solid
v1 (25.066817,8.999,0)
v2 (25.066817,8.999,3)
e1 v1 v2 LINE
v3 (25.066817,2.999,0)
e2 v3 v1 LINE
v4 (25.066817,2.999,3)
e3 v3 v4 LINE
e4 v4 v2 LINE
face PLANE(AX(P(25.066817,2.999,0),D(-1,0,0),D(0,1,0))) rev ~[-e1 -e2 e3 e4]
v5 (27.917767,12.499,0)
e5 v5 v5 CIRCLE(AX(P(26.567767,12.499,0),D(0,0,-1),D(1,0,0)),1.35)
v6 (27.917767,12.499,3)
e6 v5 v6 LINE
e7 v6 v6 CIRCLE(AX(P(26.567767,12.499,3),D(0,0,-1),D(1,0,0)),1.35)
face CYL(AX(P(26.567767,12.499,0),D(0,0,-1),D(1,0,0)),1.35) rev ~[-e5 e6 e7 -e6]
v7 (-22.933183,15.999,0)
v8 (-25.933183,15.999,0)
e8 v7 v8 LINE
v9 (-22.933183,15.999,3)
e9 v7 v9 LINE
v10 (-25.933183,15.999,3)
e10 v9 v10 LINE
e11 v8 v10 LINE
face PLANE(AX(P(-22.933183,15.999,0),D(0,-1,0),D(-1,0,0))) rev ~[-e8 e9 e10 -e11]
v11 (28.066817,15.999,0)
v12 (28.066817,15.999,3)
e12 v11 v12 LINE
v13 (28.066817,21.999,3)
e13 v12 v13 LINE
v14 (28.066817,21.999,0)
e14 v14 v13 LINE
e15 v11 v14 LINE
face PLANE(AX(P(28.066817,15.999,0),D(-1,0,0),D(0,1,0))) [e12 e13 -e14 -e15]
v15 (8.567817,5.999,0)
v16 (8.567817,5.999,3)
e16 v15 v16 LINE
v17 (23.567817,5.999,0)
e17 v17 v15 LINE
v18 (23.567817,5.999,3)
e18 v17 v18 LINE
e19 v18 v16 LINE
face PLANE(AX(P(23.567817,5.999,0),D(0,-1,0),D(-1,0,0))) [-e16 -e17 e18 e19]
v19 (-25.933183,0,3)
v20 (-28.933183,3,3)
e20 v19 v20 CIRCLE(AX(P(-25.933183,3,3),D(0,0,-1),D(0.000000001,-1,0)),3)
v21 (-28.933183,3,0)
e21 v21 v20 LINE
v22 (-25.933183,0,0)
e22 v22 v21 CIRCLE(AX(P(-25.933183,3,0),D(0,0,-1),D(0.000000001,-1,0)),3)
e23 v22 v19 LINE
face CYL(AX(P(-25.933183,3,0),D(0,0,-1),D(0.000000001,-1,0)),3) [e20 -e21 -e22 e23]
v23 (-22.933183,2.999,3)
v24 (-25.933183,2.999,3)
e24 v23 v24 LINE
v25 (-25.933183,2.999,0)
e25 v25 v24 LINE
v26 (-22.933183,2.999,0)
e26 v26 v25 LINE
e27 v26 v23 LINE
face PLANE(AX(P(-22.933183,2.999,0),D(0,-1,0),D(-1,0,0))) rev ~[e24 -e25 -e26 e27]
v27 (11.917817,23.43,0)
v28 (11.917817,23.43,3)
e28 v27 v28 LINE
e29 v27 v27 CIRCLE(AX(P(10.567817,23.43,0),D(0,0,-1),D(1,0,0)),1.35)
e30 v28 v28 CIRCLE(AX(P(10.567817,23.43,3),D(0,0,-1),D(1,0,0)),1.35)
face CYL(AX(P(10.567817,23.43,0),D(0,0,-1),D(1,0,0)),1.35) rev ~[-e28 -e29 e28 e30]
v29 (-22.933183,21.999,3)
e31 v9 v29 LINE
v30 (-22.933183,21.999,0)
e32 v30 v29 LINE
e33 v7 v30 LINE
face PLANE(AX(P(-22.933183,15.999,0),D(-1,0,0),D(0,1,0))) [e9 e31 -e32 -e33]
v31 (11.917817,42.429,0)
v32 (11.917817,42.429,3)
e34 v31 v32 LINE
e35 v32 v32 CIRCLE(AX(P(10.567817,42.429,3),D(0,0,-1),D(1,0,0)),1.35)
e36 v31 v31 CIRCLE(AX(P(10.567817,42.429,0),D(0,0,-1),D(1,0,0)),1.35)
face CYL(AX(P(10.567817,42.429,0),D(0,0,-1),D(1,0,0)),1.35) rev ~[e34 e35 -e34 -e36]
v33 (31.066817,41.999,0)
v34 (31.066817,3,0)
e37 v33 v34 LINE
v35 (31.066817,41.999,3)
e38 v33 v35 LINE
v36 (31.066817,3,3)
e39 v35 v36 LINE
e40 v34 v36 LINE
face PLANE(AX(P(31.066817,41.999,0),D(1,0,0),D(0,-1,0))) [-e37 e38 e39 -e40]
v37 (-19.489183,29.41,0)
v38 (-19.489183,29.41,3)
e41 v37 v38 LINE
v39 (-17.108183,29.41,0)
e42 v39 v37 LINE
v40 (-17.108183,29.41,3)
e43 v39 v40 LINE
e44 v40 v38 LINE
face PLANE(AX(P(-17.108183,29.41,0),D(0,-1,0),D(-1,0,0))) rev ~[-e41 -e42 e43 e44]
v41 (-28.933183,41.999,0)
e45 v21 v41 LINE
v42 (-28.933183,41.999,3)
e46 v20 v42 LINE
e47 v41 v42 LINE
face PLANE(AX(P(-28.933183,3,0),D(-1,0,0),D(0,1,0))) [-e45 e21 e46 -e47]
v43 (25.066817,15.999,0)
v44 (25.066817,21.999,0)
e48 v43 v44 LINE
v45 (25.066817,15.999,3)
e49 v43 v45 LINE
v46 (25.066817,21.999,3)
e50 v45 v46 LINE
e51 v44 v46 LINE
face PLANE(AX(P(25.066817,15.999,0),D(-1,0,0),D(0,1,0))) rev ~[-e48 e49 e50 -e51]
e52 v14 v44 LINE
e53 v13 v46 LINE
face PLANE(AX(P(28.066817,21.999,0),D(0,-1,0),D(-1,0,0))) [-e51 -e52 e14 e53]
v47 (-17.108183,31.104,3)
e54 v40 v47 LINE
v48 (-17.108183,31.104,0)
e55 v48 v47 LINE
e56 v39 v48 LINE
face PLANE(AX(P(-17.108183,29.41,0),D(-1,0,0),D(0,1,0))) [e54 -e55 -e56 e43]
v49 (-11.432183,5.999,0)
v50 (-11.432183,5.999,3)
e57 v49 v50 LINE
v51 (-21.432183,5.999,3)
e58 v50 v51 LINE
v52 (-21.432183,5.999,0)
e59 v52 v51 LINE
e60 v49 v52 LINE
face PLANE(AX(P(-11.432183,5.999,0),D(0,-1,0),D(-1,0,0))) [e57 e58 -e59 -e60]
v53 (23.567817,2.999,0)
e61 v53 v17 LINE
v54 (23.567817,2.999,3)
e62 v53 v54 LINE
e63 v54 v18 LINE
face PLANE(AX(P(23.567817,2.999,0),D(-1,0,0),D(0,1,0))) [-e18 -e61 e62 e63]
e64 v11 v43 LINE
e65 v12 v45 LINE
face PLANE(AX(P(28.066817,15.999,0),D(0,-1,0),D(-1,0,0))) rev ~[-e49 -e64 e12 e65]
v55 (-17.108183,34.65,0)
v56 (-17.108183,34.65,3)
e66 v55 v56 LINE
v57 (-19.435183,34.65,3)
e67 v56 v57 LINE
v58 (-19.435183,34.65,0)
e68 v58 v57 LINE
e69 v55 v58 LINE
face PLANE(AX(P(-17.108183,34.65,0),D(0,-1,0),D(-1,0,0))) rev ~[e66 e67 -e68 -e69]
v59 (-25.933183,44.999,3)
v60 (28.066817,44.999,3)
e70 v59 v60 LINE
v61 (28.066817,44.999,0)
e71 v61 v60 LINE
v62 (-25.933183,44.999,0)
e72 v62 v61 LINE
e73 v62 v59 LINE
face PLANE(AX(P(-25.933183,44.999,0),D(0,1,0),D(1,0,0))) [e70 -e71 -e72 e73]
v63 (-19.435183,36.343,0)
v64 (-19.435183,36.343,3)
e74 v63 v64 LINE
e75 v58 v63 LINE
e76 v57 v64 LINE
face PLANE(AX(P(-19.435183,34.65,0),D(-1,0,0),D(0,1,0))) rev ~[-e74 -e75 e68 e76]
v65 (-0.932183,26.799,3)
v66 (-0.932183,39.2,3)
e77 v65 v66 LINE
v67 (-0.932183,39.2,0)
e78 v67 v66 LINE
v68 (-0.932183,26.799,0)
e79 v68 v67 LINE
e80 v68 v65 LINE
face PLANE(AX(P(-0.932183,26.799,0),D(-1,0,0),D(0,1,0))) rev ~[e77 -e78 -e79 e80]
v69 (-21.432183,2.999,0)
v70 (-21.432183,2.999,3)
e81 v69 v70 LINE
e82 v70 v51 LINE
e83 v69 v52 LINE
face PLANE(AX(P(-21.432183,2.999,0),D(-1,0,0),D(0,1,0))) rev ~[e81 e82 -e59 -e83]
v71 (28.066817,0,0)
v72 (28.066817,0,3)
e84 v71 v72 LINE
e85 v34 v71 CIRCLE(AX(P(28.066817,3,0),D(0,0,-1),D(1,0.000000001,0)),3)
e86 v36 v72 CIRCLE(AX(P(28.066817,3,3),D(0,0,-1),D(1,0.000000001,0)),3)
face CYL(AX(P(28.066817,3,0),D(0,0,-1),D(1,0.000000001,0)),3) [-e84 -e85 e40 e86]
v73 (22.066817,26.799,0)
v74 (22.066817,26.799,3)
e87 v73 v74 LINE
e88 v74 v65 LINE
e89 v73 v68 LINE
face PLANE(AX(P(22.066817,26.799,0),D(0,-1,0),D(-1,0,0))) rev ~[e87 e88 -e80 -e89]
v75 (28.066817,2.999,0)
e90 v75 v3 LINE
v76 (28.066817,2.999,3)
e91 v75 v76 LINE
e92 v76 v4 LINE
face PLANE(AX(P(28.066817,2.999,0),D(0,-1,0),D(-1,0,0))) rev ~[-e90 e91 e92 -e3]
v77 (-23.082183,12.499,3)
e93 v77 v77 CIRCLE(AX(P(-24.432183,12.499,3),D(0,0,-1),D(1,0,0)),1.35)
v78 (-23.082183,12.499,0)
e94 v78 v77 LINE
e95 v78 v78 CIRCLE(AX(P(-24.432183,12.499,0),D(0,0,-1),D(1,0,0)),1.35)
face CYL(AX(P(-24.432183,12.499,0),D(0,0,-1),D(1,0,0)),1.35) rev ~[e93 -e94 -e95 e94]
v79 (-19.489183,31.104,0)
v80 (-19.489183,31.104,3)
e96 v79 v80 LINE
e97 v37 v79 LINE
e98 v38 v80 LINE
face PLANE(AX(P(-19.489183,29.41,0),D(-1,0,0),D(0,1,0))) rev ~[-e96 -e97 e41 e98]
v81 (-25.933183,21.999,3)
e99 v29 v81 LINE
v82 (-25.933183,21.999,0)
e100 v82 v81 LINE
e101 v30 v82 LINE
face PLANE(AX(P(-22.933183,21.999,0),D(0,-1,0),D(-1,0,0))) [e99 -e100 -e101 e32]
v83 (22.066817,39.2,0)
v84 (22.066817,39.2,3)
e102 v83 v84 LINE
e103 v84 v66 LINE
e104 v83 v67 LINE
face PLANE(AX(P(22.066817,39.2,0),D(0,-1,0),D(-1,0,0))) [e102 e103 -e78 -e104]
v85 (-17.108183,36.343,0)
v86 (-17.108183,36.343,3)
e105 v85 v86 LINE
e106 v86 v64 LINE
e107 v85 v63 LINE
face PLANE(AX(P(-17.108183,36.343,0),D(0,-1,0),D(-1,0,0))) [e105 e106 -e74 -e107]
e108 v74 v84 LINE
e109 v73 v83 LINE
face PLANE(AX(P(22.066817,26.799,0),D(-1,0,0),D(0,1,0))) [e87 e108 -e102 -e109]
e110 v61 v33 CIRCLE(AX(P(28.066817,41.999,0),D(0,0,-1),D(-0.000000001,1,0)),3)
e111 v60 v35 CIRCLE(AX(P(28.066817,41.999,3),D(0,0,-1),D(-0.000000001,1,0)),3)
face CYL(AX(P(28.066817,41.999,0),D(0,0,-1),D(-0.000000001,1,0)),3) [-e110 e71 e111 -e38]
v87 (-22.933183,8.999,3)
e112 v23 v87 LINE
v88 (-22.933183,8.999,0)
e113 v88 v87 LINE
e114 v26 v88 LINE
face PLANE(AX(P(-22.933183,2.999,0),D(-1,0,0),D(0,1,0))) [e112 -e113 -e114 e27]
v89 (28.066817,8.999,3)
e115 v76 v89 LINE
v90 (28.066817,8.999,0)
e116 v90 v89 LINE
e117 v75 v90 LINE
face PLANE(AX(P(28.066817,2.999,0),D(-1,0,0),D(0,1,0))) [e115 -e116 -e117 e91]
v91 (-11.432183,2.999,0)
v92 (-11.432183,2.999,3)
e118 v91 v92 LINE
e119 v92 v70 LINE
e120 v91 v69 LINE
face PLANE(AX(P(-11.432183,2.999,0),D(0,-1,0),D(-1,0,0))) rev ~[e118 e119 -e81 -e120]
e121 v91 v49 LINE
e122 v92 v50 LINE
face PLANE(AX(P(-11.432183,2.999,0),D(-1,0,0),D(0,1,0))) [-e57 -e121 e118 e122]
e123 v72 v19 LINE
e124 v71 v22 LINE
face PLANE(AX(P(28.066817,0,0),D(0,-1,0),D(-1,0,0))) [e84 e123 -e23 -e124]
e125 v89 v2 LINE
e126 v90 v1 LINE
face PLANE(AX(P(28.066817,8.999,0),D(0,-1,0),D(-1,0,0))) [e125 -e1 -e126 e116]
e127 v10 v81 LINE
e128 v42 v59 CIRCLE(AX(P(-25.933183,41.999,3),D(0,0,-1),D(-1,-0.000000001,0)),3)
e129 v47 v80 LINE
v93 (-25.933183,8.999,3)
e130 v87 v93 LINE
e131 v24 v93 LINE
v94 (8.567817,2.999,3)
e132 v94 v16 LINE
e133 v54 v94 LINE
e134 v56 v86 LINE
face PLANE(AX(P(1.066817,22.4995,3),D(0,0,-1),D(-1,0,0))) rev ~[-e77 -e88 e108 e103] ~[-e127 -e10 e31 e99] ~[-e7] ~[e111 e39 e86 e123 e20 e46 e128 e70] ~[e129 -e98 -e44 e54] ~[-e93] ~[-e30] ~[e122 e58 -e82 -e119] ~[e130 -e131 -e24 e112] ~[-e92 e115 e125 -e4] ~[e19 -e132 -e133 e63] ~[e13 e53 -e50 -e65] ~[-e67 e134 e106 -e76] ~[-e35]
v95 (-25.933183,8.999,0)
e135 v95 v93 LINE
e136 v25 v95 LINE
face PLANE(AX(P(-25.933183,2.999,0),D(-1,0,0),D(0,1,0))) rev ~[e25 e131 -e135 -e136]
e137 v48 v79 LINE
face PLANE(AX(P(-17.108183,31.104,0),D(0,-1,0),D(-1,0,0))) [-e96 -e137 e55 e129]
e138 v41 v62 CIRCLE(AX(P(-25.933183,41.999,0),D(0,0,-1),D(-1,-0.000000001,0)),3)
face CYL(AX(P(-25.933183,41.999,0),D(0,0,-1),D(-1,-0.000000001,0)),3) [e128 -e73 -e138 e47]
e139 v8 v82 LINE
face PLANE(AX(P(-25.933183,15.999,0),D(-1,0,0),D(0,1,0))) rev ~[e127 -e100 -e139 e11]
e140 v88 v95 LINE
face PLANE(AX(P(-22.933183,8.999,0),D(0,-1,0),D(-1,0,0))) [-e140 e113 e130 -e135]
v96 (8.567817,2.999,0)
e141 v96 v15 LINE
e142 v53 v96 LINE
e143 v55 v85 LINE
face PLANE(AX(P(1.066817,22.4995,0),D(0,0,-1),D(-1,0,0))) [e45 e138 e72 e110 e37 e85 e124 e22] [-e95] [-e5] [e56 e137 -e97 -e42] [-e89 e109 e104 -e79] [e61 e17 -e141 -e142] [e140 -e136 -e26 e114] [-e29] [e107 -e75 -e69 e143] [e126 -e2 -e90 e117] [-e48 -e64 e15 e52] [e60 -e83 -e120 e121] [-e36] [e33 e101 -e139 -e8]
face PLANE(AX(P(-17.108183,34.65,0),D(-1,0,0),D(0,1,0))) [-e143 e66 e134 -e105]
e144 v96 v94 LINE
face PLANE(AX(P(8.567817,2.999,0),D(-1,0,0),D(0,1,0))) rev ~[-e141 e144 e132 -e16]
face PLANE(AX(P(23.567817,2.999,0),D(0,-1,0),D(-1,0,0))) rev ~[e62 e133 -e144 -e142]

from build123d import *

# Parameters (mm, degrees)
SKETCH_1_R      = 1.35
SKETCH_1_W      = 3
SKETCH_1_H      = 6
SKETCH_1_W_2    = 15
SKETCH_1_H_2    = 3
SKETCH_1_W_3    = 22.999
SKETCH_1_H_3    = 12.401
SKETCH_1_W_4    = 2.327
SKETCH_1_H_4    = 1.693
SKETCH_1_W_5    = 2.381
SKETCH_1_H_5    = 1.694
SKETCH_1_W_6    = 10
EXTRUDE_1_DEPTH = 3


with BuildPart() as part:
    # 草图1 → 凸台-拉伸1 (new body)
    with BuildSketch(Plane(origin=(0, 0, 0), x_dir=(-1, 0, 0), z_dir=(0, 0, -1))):
        with BuildLine():
            Line((-28.066816536, 0), (25.933183464, 0))
            ThreePointArc((25.933183464, 0), (28.054503808, 0.878679656), (28.933183464, 3))
            Line((28.933183464, 3), (28.933183464, 41.999))
            ThreePointArc((28.933183464, 41.999), (28.054503808, 44.120320344), (25.933183464, 44.999))
            Line((25.933183464, 44.999), (-28.066816536, 44.999))
            ThreePointArc((-28.066816536, 44.999), (-30.18813688, 44.120320344), (-31.066816536, 41.999))
            Line((-31.066816536, 41.999), (-31.066816536, 3))
            ThreePointArc((-31.066816536, 3), (-30.18813688, 0.878679656), (-28.066816536, 0))
        make_face()
        with Locations(Location((-10.567816536, 42.429, 0), (0, 0, 180))):
            Circle(SKETCH_1_R, mode=Mode.SUBTRACT)
        with Locations(Location((24.432183464, 12.499, 0), (0, 0, 180))):
            Circle(SKETCH_1_R, mode=Mode.SUBTRACT)
        with Locations(Location((-10.567816536, 23.43, 0), (0, 0, 180))):
            Circle(SKETCH_1_R, mode=Mode.SUBTRACT)
        with Locations(Location((-26.567767322, 12.499, 0), (0, 0, 180))):
            Circle(SKETCH_1_R, mode=Mode.SUBTRACT)
        with Locations((-26.566816536, 18.999)):
            Rectangle(SKETCH_1_W, SKETCH_1_H, mode=Mode.SUBTRACT)
        with Locations((-26.566816536, 5.999)):
            Rectangle(SKETCH_1_W, SKETCH_1_H, mode=Mode.SUBTRACT)
        with Locations((-16.067816536, 4.499)):
            Rectangle(SKETCH_1_W_2, SKETCH_1_H_2, mode=Mode.SUBTRACT)
        with Locations((-10.567316536, 32.9995)):
            Rectangle(SKETCH_1_W_3, SKETCH_1_H_3, mode=Mode.SUBTRACT)
        with Locations((18.271683464, 35.4965)):
            Rectangle(SKETCH_1_W_4, SKETCH_1_H_4, mode=Mode.SUBTRACT)
        with Locations((18.298683464, 30.257)):
            Rectangle(SKETCH_1_W_5, SKETCH_1_H_5, mode=Mode.SUBTRACT)
        with Locations((24.433183464, 18.999)):
            Rectangle(SKETCH_1_W, SKETCH_1_H, mode=Mode.SUBTRACT)
        with Locations((24.433183464, 5.999)):
            Rectangle(SKETCH_1_W, SKETCH_1_H, mode=Mode.SUBTRACT)
        with Locations((16.432183464, 4.499)):
            Rectangle(SKETCH_1_W_6, SKETCH_1_H_2, mode=Mode.SUBTRACT)
    extrude(amount=-EXTRUDE_1_DEPTH)


solid = part.part
